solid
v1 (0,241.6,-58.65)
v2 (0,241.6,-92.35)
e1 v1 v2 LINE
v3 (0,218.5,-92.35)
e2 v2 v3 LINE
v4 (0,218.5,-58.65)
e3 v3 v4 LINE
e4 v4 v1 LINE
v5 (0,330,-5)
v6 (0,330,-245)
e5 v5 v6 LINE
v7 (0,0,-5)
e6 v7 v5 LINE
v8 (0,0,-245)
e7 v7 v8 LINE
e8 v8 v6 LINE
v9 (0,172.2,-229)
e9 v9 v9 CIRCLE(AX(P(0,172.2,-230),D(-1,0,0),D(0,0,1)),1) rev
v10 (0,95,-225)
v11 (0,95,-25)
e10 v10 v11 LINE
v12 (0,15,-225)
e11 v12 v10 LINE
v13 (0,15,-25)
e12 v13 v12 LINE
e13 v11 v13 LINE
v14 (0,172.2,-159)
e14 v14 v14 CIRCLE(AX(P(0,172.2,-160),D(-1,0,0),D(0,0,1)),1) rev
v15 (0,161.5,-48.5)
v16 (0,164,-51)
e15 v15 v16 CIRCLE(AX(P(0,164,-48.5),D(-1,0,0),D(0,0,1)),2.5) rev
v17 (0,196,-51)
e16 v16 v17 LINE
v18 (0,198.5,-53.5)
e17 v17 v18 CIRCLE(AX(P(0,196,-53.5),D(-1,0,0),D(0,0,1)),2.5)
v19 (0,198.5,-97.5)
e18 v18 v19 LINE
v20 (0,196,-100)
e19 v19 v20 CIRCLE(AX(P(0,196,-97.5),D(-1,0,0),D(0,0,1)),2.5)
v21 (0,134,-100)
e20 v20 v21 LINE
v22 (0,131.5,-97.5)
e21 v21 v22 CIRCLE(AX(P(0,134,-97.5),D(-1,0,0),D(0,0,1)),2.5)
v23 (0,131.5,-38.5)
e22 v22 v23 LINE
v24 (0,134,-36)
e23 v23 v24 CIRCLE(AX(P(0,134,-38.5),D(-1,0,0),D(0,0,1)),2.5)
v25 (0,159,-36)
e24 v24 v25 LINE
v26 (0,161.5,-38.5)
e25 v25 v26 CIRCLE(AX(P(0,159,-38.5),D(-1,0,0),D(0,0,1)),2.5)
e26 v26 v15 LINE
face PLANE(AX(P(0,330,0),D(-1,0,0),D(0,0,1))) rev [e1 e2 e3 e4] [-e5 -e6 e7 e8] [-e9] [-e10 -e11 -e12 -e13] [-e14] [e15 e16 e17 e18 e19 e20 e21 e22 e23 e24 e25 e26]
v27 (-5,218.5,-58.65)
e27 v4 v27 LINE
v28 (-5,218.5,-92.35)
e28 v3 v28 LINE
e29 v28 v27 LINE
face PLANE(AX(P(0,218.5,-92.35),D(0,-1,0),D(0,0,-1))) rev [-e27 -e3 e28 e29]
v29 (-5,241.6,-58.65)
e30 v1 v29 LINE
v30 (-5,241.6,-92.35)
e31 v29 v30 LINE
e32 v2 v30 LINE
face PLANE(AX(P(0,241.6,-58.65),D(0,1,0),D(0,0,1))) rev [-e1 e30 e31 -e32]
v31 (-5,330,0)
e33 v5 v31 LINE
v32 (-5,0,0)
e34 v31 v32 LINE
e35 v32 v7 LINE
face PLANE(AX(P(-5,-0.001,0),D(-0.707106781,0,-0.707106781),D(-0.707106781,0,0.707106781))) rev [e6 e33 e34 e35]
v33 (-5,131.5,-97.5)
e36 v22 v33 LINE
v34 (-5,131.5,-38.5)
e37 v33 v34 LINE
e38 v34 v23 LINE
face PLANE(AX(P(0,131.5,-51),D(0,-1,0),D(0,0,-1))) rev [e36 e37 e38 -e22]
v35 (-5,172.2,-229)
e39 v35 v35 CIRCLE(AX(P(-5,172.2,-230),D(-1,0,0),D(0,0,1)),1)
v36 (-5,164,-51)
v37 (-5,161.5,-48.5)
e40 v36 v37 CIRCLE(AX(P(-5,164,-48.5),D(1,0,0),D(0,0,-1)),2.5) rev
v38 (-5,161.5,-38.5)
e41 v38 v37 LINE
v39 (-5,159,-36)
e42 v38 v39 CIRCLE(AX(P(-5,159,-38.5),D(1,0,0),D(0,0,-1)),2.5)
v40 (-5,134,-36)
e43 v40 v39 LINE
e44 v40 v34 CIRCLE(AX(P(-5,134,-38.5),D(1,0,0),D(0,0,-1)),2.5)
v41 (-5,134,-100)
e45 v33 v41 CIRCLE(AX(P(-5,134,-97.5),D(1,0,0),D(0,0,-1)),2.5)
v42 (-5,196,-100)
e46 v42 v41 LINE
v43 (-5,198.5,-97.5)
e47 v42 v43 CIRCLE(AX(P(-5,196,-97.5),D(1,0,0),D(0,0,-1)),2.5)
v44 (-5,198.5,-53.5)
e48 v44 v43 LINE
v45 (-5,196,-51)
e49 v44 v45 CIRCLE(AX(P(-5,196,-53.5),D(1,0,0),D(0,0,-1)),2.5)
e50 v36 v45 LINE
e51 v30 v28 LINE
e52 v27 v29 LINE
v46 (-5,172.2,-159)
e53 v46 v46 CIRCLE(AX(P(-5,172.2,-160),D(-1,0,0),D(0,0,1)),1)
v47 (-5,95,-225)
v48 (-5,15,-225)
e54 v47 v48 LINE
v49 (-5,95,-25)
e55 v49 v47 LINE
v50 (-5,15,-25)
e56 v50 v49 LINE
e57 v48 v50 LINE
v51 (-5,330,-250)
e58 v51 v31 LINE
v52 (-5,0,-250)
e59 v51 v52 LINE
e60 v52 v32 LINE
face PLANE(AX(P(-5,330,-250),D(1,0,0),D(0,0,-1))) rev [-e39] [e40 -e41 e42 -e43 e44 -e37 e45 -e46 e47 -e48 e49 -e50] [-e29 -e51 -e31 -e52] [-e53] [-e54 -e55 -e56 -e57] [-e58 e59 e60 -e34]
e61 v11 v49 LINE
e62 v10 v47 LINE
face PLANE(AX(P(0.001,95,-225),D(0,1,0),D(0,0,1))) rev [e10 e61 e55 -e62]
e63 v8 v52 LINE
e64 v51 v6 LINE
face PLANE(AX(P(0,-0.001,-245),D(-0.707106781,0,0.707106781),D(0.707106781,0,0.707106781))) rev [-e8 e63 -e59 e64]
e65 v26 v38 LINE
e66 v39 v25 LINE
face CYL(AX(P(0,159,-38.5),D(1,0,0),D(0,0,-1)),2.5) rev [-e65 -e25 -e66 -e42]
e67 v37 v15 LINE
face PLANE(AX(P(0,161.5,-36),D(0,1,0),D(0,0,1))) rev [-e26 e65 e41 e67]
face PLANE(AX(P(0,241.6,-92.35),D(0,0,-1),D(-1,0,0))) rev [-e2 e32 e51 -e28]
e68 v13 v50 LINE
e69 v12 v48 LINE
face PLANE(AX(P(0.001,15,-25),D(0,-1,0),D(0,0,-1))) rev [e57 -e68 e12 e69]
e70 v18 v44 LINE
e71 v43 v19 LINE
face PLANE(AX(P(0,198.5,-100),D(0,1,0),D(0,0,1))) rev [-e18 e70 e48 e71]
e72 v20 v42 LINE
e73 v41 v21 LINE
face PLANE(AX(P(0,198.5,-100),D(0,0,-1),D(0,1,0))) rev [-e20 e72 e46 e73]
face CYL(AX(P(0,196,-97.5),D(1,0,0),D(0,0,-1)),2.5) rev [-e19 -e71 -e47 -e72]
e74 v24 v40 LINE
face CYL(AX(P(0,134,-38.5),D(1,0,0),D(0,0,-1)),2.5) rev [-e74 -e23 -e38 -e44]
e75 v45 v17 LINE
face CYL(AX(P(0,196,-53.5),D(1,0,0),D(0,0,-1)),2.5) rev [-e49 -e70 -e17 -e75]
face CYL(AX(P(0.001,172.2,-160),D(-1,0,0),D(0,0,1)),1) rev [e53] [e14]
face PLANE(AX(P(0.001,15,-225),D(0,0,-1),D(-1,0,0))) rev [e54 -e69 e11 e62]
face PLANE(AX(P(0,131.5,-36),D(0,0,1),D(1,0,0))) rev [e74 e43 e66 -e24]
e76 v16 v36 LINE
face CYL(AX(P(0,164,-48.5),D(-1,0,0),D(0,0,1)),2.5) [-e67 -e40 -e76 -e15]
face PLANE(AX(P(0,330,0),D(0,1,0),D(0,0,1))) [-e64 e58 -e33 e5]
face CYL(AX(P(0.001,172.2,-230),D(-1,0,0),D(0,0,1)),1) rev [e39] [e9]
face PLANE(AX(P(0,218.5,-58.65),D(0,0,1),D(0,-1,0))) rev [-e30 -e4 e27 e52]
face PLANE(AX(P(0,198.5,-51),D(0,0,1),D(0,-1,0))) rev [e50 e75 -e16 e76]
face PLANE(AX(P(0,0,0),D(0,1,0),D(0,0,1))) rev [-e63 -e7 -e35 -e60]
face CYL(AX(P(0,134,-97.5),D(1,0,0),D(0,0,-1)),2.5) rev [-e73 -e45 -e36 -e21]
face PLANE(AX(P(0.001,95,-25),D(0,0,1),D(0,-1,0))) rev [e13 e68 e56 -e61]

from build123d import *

# Parameters (mm, degrees)
CROQUIS1_W              = 5
CROQUIS1_H              = 250
SALIENTE_EXTRUIR1_DEPTH = 330
CORTAR_EXTRUIR1_REACH   = 416.035
CORTAR_EXTRUIR2_REACH   = 416.035
CROQUIS3_W              = 200
CROQUIS3_H              = 80
CORTAR_EXTRUIR3_DEPTH   = 415.035022673
REDONDEO1_R             = 2.5
CROQUIS5_W              = 33.7
CROQUIS5_H              = 23.1
CORTAR_EXTRUIR4_DEPTH   = 415.035022673
CORTAR_EXTRUIR5_REACH   = 416.035
CROQUIS6_R              = 1


with BuildPart() as part:
    # Croquis1 → Saliente-Extruir1 (new body)
    with BuildSketch(Plane(origin=(0, 0, 0), x_dir=(1, 0, 0), z_dir=(0, 1, 0))):
        with Locations((-2.5, 125)):
            Rectangle(CROQUIS1_W, CROQUIS1_H)
    extrude(amount=SALIENTE_EXTRUIR1_DEPTH)

    # Croquis2 → Cortar-Extruir1 (cut, up to next)
    with BuildSketch(Plane(origin=(0, 330, 0), x_dir=(1, 0, 0), z_dir=(0, 1, 0)), mode=Mode.PRIVATE) as cortar_extruir1_sk1:
        Polygon((0, 250), (0, 245), (-5, 250), align=None)
    cortar_extruir1_tool1 = extrude(cortar_extruir1_sk1.sketch, amount=-CORTAR_EXTRUIR1_REACH, mode=Mode.PRIVATE) & part.part
    # Croquis2 → Cortar-Extruir1 (cut, up to next)
    with BuildSketch(Plane(origin=(0, 330, 0), x_dir=(1, 0, 0), z_dir=(0, 1, 0)), mode=Mode.PRIVATE) as cortar_extruir1_sk2:
        Polygon((-5, 0), (0, 5), (0, 0), align=None)
    cortar_extruir1_tool2 = extrude(cortar_extruir1_sk2.sketch, amount=-CORTAR_EXTRUIR1_REACH, mode=Mode.PRIVATE) & part.part
    add(cortar_extruir1_tool1.solids().sort_by_distance((-1.666667, 330, -248.333333))[0], mode=Mode.SUBTRACT)
    add(cortar_extruir1_tool2.solids().sort_by_distance((-1.666667, 330, -1.666667))[0], mode=Mode.SUBTRACT)

    # Croquis3 → Cortar-Extruir2 (cut, up to next)
    with BuildSketch(Plane.ZY.offset(5), mode=Mode.PRIVATE) as cortar_extruir2_sk1:
        with Locations((-125, 55)):
            Rectangle(CROQUIS3_W, CROQUIS3_H)
    cortar_extruir2_tool1 = extrude(cortar_extruir2_sk1.sketch, amount=-CORTAR_EXTRUIR2_REACH, mode=Mode.PRIVATE) & part.part
    add(cortar_extruir2_tool1.solids().sort_by_distance((-5, 55, -125))[0], mode=Mode.SUBTRACT)

    # Croquis4 → Cortar-Extruir3 (cut, through all)
    with BuildSketch(Plane.ZY.offset(5)):
        Polygon((-100, 198.5), (-100, 131.5), (-51, 131.5), (-36, 131.5), (-36, 161.5), (-51, 161.5), (-51, 198.5), align=None)
    extrude(amount=-CORTAR_EXTRUIR3_DEPTH, mode=Mode.SUBTRACT)

    # Redondeo1
    redondeo1_edges = [part.edges().sort_by_distance(p)[0] for p in [
        (-2.5, 131.5, -100),
        (-2.5, 198.5, -100),
        (-2.5, 198.5, -51),
        (-2.5, 161.5, -51),
        (-2.5, 161.5, -36),
        (-2.5, 131.5, -36),
    ]]
    fillet(redondeo1_edges, radius=REDONDEO1_R)

    # Croquis5 → Cortar-Extruir4 (cut, through all)
    with BuildSketch(Plane.ZY.offset(5)):
        with Locations((-75.5, 230.05)):
            Rectangle(CROQUIS5_W, CROQUIS5_H)
    extrude(amount=-CORTAR_EXTRUIR4_DEPTH, mode=Mode.SUBTRACT)

    # Croquis6 → Cortar-Extruir5 (cut, up to next)
    with BuildSketch(Plane.ZY.offset(5), mode=Mode.PRIVATE) as cortar_extruir5_sk1:
        with Locations((-230, 172.2)):
            Circle(CROQUIS6_R)
    cortar_extruir5_tool1 = extrude(cortar_extruir5_sk1.sketch, amount=-CORTAR_EXTRUIR5_REACH, mode=Mode.PRIVATE) & part.part
    # Croquis6 → Cortar-Extruir5 (cut, up to next)
    with BuildSketch(Plane.ZY.offset(5), mode=Mode.PRIVATE) as cortar_extruir5_sk2:
        with Locations((-160, 172.2)):
            Circle(CROQUIS6_R)
    cortar_extruir5_tool2 = extrude(cortar_extruir5_sk2.sketch, amount=-CORTAR_EXTRUIR5_REACH, mode=Mode.PRIVATE) & part.part
    add(cortar_extruir5_tool1.solids().sort_by_distance((-5, 172.2, -230))[0], mode=Mode.SUBTRACT)
    add(cortar_extruir5_tool2.solids().sort_by_distance((-5, 172.2, -160))[0], mode=Mode.SUBTRACT)


solid = part.part
